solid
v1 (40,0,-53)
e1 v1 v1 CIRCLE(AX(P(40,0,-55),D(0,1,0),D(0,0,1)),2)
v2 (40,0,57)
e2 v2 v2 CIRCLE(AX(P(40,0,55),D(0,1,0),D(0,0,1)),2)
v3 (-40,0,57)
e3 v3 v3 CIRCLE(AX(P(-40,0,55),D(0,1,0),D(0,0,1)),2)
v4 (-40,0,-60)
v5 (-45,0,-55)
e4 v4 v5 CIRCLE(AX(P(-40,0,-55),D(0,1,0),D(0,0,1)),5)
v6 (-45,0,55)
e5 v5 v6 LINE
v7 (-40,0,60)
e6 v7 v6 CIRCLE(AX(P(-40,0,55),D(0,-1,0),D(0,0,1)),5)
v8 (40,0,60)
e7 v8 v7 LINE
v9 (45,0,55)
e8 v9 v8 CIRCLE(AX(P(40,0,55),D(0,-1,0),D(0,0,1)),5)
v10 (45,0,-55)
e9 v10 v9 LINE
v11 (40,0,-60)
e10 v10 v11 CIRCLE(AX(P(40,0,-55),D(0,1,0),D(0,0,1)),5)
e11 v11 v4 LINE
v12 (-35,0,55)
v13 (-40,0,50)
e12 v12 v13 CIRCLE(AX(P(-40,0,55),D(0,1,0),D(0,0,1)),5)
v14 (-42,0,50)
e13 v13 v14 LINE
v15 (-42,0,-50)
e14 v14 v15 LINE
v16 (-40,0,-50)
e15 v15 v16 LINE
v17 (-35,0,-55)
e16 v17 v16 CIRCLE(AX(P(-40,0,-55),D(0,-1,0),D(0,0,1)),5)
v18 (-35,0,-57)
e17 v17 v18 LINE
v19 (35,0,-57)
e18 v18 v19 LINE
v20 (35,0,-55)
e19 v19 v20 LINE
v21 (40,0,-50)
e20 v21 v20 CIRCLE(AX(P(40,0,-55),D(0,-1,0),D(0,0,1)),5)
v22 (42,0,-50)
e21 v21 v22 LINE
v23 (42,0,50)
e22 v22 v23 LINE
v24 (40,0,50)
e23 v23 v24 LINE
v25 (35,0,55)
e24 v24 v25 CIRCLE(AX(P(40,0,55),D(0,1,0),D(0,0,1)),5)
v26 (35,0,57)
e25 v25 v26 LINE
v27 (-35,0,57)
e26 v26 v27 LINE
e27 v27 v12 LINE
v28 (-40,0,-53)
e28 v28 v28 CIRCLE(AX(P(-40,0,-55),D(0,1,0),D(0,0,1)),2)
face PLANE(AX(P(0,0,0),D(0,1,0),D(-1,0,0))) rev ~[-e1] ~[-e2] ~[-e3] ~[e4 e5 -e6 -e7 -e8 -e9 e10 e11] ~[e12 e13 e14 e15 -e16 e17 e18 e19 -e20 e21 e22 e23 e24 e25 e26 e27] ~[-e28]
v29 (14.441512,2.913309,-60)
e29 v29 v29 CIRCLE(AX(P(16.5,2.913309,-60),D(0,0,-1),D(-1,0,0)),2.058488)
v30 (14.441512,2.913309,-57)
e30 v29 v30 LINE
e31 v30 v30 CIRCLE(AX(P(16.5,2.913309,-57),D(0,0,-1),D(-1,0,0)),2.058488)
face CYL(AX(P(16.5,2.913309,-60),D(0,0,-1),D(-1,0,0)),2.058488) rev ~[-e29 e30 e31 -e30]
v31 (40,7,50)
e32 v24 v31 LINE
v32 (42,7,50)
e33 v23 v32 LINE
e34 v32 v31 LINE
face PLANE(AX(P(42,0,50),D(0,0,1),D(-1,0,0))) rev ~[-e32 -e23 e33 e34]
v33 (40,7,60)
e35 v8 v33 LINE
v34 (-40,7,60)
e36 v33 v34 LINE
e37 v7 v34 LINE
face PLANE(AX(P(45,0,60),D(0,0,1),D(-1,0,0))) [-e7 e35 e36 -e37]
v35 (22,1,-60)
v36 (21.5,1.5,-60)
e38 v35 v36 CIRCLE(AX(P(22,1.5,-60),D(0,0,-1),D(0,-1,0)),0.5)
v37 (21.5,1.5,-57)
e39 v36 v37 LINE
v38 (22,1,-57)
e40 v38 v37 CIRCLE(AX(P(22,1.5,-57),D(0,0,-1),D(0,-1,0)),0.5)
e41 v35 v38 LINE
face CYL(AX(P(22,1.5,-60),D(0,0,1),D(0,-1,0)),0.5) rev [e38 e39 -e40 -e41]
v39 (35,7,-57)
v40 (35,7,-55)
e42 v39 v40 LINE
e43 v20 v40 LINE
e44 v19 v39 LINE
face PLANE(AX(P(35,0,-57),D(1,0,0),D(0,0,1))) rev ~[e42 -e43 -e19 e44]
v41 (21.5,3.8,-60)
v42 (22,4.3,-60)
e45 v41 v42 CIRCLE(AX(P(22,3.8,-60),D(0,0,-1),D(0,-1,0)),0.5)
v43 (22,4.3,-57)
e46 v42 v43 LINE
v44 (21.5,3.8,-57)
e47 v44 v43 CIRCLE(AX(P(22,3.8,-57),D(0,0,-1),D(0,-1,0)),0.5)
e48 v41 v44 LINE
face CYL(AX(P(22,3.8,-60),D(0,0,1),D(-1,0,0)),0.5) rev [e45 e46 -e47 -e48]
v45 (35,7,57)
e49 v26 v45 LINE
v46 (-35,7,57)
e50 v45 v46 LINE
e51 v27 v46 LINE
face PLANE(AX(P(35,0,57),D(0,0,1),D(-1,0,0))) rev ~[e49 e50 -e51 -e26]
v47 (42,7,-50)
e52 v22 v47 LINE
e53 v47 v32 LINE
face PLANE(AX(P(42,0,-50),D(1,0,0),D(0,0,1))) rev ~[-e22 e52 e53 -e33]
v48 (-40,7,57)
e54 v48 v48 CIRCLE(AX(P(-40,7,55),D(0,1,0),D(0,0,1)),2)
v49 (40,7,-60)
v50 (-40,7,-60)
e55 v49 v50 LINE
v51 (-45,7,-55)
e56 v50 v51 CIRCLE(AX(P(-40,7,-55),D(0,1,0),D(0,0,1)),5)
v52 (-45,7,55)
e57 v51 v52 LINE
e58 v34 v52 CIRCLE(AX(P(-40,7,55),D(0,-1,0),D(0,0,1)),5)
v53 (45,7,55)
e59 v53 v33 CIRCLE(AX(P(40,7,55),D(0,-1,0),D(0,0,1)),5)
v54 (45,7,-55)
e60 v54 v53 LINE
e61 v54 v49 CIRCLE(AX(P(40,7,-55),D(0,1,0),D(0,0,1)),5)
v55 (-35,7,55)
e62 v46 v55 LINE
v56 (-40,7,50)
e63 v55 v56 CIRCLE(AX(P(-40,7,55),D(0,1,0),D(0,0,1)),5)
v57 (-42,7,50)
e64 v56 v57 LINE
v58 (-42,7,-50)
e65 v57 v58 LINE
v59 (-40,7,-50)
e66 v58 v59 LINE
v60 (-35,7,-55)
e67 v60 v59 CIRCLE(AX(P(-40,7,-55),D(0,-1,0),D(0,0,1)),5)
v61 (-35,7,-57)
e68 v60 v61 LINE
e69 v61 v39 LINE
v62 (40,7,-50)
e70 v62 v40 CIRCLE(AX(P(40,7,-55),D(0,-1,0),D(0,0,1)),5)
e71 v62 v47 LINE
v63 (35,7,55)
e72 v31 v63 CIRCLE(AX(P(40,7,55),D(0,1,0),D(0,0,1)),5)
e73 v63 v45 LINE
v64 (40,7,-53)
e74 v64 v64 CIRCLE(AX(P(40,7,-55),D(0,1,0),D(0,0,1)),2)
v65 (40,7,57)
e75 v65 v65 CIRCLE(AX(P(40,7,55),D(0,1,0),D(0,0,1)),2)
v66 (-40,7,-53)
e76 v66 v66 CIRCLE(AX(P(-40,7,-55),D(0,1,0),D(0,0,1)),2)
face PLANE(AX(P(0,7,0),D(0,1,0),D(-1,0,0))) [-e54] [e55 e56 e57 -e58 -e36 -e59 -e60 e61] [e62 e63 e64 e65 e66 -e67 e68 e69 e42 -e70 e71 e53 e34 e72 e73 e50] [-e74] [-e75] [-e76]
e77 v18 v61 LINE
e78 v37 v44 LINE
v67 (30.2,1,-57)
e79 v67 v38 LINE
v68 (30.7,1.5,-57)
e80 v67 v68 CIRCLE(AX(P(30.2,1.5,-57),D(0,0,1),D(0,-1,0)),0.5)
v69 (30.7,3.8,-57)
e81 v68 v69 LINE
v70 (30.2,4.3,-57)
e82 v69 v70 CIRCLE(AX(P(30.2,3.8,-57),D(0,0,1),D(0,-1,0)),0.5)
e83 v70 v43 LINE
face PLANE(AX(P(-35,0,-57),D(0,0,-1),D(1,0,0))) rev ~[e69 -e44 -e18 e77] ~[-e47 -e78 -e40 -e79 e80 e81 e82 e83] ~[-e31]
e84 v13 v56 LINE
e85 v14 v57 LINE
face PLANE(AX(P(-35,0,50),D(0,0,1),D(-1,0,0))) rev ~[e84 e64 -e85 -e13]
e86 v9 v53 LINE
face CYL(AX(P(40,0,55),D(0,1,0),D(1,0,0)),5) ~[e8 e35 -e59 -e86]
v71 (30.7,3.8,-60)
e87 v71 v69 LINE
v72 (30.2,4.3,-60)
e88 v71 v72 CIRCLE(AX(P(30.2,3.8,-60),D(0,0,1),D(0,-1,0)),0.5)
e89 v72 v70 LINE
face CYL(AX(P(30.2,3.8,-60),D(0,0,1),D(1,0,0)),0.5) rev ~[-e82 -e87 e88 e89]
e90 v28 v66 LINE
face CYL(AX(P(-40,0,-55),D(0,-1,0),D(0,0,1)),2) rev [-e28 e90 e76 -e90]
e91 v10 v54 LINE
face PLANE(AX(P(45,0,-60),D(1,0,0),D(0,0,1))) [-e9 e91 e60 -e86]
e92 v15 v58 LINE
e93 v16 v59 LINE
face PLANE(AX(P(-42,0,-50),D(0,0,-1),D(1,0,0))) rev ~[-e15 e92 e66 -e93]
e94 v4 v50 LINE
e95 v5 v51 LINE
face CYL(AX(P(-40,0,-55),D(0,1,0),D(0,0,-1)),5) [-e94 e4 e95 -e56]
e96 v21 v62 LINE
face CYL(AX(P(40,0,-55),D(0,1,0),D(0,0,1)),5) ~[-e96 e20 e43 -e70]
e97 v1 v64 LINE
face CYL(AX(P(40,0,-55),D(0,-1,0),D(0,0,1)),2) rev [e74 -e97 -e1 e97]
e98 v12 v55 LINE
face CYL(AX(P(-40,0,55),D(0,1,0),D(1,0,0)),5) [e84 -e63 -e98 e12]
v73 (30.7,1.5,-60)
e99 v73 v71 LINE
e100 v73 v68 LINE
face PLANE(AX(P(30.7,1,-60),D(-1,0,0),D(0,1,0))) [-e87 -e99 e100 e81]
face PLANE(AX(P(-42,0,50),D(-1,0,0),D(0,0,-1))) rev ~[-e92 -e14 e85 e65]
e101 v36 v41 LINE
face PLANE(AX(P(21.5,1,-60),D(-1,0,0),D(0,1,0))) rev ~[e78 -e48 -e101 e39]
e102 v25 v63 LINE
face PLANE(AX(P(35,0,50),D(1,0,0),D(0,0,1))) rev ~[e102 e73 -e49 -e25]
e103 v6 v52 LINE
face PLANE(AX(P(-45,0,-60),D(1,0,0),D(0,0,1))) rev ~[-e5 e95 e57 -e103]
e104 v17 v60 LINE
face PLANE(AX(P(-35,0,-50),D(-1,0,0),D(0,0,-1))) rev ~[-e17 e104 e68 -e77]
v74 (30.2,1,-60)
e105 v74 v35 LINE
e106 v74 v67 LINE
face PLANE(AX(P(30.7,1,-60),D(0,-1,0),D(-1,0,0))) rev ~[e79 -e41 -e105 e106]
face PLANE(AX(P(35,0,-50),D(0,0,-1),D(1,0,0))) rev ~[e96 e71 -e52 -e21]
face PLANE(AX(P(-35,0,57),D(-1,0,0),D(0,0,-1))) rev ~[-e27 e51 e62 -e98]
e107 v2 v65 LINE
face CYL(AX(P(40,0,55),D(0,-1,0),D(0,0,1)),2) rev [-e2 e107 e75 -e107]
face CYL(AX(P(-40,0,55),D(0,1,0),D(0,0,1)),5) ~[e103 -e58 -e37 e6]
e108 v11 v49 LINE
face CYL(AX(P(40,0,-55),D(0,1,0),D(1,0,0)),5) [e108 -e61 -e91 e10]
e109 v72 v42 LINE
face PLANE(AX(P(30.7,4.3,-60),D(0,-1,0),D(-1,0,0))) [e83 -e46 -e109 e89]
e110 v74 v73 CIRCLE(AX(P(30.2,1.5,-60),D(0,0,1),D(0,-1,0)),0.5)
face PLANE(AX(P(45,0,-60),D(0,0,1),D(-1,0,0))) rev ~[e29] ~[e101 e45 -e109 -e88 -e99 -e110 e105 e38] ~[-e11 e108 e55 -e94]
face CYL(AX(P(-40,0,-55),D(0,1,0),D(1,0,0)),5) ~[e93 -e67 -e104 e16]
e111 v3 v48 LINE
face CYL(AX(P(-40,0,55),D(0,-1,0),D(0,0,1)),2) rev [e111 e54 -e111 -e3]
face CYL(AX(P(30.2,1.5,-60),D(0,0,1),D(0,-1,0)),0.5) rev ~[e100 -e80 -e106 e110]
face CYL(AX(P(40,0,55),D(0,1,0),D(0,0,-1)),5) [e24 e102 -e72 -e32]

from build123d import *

# Parameters (mm, degrees)
SKETCH_3_W          = 90
SKETCH_3_H          = 120
SKETCH_3_R          = 2
EXTRUDE_2_DEPTH     = 7
FILLET_1_R          = 5
FILLET_2_R          = 5
FILLET_3_R          = 5
FILLET_4_R          = 5
FILLET_5_R          = 5
FILLET_6_R          = 5
SKETCH_4_W          = 9.2
SKETCH_4_H          = 3.3
CUT_EXTRUDE_1_DEPTH = 3
FILLET_7_R          = 0.5
FILLET_8_R          = 0.5
FILLET_9_R          = 0.5
FILLET_10_R         = 0.5
SKETCH_5_R          = 2.058488494
CUT_EXTRUDE_2_DEPTH = 3


with BuildPart() as part:
    # 草图3 → 凸台-拉伸2 (new body)
    with BuildSketch(Plane(origin=(0, 0, 0), x_dir=(-1, 0, 0), z_dir=(0, 1, 0))):
        Rectangle(SKETCH_3_W, SKETCH_3_H)
        with Locations(Location((40, 55, 0), (0, 0, 90))):
            Circle(SKETCH_3_R, mode=Mode.SUBTRACT)
        with Locations(Location((40, -55, 0), (0, 0, 90))):
            Circle(SKETCH_3_R, mode=Mode.SUBTRACT)
        with Locations(Location((-40, -55, 0), (0, 0, 90))):
            Circle(SKETCH_3_R, mode=Mode.SUBTRACT)
        with Locations(Location((-40, 55, 0), (0, 0, 90))):
            Circle(SKETCH_3_R, mode=Mode.SUBTRACT)
        Polygon((-42, -50), (-42, 50), (-35, 50), (-35, 57), (35, 57), (35, 50), (42, 50), (42, -50), (35, -50), (35, -57), (-35, -57), (-35, -50), align=None, mode=Mode.SUBTRACT)
    extrude(amount=EXTRUDE_2_DEPTH)

    # 圆角1
    fillet_1_edges = [part.edges().sort_by_distance(p)[0] for p in [
        (45, 3.5, -60),
        (45, 3.5, 60),
        (-45, 3.5, 60),
    ]]
    fillet(fillet_1_edges, radius=FILLET_1_R)

    # 圆角2
    fillet_2_edges = [part.edges().sort_by_distance(p)[0] for p in [
        (-45, 3.5, -60),
    ]]
    fillet(fillet_2_edges, radius=FILLET_2_R)

    # 圆角3
    fillet_3_edges = [part.edges().sort_by_distance(p)[0] for p in [
        (35, 3.5, -50),
    ]]
    fillet(fillet_3_edges, radius=FILLET_3_R)

    # 圆角4
    fillet_4_edges = [part.edges().sort_by_distance(p)[0] for p in [
        (-35, 3.5, -50),
    ]]
    fillet(fillet_4_edges, radius=FILLET_4_R)

    # 圆角5
    fillet_5_edges = [part.edges().sort_by_distance(p)[0] for p in [
        (35, 3.5, 50),
    ]]
    fillet(fillet_5_edges, radius=FILLET_5_R)

    # 圆角6
    fillet_6_edges = [part.edges().sort_by_distance(p)[0] for p in [
        (-35, 3.5, 50),
    ]]
    fillet(fillet_6_edges, radius=FILLET_6_R)

    # 草图4 → 切除-拉伸1 (cut)
    with BuildSketch(Plane(origin=(0, 0, -60), x_dir=(-1, 0, 0), z_dir=(0, 0, -1))):
        with Locations((-26.1, 2.65)):
            Rectangle(SKETCH_4_W, SKETCH_4_H)
    extrude(amount=-CUT_EXTRUDE_1_DEPTH, mode=Mode.SUBTRACT)

    # 圆角7
    fillet_7_edges = [part.edges().sort_by_distance(p)[0] for p in [
        (21.5, 1, -58.5),
    ]]
    fillet(fillet_7_edges, radius=FILLET_7_R)

    # 圆角8
    fillet_8_edges = [part.edges().sort_by_distance(p)[0] for p in [
        (21.5, 4.3, -58.5),
    ]]
    fillet(fillet_8_edges, radius=FILLET_8_R)

    # 圆角9
    fillet_9_edges = [part.edges().sort_by_distance(p)[0] for p in [
        (30.7, 1, -58.5),
    ]]
    fillet(fillet_9_edges, radius=FILLET_9_R)

    # 圆角10
    fillet_10_edges = [part.edges().sort_by_distance(p)[0] for p in [
        (30.7, 4.3, -58.5),
    ]]
    fillet(fillet_10_edges, radius=FILLET_10_R)

    # 草图5 → 切除-拉伸2 (cut)
    with BuildSketch(Plane(origin=(0, 0, -60), x_dir=(-1, 0, 0), z_dir=(0, 0, -1))):
        with Locations((-16.5, 2.913308791)):
            Circle(SKETCH_5_R)
    extrude(amount=-CUT_EXTRUDE_2_DEPTH, mode=Mode.SUBTRACT)


solid = part.part
